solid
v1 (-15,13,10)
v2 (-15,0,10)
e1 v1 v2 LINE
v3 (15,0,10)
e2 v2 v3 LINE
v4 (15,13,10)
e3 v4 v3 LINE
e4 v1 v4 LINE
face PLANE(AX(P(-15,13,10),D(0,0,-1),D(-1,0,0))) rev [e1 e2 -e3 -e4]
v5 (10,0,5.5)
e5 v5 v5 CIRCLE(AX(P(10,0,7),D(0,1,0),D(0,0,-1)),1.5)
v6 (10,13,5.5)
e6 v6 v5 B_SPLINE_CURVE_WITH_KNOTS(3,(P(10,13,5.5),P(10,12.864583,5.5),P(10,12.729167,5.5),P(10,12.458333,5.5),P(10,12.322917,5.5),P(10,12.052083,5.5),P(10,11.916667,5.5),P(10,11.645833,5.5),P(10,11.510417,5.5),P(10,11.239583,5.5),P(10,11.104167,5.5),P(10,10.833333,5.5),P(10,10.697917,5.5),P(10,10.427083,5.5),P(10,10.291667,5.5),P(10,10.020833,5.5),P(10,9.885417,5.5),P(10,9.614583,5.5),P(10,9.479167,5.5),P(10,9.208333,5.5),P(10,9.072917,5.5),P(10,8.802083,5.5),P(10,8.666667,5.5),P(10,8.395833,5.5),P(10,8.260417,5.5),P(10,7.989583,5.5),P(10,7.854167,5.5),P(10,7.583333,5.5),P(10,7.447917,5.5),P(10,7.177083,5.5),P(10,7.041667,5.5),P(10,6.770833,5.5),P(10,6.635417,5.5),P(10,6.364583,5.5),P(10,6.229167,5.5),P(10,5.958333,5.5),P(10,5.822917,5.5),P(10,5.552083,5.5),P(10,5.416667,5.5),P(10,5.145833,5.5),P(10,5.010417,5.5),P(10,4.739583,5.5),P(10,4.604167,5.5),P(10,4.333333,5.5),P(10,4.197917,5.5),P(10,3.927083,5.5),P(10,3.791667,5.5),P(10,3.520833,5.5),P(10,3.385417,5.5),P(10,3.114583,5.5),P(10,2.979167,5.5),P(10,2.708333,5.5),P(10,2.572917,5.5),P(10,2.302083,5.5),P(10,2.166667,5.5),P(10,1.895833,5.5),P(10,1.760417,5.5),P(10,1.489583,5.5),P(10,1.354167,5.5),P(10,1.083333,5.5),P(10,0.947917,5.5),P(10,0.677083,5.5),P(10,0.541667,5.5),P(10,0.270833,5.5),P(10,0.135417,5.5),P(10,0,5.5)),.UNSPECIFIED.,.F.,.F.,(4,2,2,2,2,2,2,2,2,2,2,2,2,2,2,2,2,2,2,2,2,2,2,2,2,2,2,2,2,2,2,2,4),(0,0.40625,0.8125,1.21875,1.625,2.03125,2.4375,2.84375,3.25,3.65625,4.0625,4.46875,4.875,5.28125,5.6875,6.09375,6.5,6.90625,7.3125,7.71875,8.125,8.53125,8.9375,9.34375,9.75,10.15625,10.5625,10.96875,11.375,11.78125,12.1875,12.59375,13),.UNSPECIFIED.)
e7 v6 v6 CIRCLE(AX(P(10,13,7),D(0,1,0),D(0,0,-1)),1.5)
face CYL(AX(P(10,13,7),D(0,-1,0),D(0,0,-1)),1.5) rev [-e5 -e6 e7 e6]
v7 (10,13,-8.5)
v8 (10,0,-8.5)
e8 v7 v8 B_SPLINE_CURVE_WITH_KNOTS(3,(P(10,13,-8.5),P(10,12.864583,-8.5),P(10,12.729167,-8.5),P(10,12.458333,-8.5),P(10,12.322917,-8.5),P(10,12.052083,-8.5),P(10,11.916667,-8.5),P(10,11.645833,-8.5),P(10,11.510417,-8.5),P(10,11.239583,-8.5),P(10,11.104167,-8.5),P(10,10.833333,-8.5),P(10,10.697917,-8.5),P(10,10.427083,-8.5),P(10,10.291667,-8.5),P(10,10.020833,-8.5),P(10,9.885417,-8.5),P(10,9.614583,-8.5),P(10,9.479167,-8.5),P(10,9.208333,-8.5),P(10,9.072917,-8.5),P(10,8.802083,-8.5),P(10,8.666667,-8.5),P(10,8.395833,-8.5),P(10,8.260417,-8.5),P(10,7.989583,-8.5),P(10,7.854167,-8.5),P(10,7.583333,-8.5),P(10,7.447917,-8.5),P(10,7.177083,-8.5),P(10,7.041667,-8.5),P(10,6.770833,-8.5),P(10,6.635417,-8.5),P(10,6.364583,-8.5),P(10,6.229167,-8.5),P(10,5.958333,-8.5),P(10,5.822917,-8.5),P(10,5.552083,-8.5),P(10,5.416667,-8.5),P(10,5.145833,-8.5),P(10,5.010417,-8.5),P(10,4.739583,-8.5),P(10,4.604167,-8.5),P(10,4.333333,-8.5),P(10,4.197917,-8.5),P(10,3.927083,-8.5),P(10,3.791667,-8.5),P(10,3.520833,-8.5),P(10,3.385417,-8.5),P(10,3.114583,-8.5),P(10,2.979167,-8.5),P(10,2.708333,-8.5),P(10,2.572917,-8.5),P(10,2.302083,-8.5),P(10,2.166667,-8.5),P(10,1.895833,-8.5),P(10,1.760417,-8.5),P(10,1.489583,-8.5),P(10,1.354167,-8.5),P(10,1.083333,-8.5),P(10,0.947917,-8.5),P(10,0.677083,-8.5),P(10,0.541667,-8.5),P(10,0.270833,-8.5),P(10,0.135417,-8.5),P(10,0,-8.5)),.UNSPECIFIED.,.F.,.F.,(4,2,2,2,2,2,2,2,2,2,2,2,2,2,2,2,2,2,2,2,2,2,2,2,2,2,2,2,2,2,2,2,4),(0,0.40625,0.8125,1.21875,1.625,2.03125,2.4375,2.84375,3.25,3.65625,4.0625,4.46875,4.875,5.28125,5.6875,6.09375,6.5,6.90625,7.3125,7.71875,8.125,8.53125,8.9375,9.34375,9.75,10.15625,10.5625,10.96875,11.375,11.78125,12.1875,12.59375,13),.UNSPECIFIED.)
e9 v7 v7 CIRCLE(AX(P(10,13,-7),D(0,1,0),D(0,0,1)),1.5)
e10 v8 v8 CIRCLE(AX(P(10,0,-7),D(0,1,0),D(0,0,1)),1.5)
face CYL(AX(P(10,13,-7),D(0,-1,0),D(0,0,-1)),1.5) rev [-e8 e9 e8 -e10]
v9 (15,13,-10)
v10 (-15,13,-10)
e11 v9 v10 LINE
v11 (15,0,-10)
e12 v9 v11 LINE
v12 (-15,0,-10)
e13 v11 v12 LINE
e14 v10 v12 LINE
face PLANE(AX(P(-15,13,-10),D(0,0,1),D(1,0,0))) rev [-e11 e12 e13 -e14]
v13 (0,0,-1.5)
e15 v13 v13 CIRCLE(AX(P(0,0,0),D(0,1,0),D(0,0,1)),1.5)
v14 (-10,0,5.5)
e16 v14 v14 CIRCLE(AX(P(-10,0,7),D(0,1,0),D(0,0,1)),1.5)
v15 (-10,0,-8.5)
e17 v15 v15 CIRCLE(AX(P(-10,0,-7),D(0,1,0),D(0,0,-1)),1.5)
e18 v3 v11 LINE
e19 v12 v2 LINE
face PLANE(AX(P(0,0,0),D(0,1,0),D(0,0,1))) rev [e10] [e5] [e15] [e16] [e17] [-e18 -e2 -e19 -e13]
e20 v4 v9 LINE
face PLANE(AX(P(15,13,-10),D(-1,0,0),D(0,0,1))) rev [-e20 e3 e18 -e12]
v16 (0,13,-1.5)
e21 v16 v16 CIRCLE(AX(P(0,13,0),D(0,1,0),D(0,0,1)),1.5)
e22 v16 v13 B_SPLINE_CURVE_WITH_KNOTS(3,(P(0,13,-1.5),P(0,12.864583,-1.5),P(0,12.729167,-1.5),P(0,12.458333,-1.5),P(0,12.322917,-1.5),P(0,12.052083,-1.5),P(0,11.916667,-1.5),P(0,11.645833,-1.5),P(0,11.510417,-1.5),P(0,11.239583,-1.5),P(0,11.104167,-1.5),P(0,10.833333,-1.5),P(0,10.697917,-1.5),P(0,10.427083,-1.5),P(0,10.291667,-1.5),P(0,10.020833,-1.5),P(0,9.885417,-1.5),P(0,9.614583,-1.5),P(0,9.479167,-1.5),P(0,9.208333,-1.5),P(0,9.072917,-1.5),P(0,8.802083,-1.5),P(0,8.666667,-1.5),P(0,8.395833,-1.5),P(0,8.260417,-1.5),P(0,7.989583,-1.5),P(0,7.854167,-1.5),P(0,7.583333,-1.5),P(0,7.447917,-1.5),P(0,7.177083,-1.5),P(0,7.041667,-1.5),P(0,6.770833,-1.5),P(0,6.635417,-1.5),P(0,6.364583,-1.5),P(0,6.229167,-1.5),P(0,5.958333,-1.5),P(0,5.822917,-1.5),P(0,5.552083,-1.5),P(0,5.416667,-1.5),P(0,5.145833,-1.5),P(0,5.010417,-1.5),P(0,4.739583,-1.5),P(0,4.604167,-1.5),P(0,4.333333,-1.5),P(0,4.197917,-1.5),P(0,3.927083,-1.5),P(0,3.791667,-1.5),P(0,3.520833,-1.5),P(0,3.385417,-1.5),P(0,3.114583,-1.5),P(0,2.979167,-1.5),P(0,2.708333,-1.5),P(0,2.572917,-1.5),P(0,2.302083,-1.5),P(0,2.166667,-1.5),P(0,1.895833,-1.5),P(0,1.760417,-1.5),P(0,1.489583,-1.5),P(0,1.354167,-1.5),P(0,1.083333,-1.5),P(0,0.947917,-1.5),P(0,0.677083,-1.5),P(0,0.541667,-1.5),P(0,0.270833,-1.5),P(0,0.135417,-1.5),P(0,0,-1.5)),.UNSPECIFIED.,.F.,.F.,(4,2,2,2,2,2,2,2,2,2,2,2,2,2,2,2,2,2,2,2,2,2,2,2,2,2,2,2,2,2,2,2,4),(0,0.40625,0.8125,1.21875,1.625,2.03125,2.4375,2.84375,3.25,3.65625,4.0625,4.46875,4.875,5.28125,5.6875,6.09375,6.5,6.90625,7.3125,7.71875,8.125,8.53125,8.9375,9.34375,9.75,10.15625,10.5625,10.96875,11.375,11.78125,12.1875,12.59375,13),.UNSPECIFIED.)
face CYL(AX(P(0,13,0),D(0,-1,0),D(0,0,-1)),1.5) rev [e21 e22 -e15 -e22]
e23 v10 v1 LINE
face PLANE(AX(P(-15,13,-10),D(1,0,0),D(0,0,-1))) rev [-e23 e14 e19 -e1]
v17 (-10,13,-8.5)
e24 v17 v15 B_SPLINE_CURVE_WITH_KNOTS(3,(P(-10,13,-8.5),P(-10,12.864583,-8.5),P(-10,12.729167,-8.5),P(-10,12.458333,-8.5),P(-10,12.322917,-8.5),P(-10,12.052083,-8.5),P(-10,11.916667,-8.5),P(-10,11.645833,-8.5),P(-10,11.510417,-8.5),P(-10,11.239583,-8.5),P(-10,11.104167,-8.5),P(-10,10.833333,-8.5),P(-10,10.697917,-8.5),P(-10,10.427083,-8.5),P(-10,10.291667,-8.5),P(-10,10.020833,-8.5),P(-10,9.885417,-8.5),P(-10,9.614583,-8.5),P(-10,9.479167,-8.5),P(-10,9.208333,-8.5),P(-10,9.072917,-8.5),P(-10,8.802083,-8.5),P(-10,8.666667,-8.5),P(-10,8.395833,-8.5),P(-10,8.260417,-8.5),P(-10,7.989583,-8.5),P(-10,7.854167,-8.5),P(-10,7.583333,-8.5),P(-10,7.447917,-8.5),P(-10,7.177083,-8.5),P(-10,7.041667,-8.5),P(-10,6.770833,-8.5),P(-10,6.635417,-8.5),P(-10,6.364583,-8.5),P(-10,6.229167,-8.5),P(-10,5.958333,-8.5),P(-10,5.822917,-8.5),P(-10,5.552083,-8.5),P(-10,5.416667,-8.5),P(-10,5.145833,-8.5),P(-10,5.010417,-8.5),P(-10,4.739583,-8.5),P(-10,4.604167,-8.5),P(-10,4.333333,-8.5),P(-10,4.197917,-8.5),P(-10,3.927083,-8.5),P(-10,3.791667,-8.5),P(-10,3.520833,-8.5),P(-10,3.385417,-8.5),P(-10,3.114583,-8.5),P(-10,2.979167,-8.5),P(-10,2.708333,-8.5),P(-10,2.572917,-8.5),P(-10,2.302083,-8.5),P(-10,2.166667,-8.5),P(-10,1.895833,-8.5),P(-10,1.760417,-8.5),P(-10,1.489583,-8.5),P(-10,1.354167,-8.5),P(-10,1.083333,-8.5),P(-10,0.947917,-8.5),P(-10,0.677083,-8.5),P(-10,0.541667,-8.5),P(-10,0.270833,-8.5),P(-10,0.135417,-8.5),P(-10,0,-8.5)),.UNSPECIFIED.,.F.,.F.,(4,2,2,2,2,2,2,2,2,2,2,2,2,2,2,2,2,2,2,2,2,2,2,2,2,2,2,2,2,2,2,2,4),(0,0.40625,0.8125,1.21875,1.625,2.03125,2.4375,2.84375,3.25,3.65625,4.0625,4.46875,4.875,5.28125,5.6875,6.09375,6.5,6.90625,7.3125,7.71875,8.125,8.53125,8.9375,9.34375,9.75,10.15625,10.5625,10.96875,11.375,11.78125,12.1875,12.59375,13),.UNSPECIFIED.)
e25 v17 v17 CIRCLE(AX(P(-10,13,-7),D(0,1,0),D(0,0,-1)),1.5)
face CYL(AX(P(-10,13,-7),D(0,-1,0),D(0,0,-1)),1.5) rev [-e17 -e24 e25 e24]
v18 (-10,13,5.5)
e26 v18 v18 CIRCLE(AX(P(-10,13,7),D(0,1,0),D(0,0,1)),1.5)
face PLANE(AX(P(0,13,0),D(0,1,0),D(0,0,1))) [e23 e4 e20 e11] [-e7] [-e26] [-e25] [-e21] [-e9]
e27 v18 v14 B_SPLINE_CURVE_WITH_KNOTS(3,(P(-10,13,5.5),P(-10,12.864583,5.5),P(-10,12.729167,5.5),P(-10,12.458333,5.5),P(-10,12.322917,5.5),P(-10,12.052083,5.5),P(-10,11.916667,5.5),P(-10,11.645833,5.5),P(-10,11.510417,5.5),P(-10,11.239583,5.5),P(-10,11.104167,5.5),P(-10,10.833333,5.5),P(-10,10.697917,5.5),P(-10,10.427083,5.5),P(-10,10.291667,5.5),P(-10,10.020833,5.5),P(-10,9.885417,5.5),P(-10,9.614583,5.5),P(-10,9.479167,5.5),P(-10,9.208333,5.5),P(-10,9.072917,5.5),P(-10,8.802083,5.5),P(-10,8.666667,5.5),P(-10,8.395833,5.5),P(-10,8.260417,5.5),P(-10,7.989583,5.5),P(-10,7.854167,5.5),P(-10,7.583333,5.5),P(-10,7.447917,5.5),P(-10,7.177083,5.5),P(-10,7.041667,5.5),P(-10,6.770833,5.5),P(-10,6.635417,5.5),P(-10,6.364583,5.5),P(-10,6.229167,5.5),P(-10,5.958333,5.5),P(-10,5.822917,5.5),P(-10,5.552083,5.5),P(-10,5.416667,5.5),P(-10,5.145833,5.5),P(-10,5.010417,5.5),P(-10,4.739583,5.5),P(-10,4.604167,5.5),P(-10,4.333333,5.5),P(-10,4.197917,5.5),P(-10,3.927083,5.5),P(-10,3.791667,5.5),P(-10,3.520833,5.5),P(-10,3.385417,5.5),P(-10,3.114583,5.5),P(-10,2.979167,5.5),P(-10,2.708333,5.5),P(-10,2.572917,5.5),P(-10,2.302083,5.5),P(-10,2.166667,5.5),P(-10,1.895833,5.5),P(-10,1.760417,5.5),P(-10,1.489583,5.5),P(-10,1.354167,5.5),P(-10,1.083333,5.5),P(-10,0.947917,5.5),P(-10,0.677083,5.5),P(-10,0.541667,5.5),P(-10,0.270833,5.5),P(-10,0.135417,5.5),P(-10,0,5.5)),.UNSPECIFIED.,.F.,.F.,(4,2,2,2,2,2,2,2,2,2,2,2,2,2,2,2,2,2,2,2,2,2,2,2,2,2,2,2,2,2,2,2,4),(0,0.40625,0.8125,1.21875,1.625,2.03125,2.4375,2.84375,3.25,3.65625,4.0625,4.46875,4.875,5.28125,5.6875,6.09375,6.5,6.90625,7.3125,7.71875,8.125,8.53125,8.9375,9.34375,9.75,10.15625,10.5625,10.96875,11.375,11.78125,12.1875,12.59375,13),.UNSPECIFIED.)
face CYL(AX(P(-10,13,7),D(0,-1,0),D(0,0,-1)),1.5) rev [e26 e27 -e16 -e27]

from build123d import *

# Parameters (mm, degrees)
SKETCH_1_W      = 30
SKETCH_1_H      = 20
SKETCH_1_R      = 1.5
EXTRUDE_1_DEPTH = 13


with BuildPart() as part:
    # 草图1 → 凸台-拉伸1 (new body)
    with BuildSketch(Plane(origin=(0, 0, 0), x_dir=(1, 0, 0), z_dir=(0, 1, 0))):
        Rectangle(SKETCH_1_W, SKETCH_1_H)
        with Locations(Location((-10, -7, 0), (0, 0, 90))):
            Circle(SKETCH_1_R, mode=Mode.SUBTRACT)
        with Locations(Location((10, -7, 0), (0, 0, 90))):
            Circle(SKETCH_1_R, mode=Mode.SUBTRACT)
        with Locations(Location((10, 7, 0), (0, 0, 90))):
            Circle(SKETCH_1_R, mode=Mode.SUBTRACT)
        with Locations(Location((-10, 7, 0), (0, 0, 90))):
            Circle(SKETCH_1_R, mode=Mode.SUBTRACT)
        with Locations(Location((0, 0, 0), (0, 0, 90))):
            Circle(SKETCH_1_R, mode=Mode.SUBTRACT)
    extrude(amount=EXTRUDE_1_DEPTH)


solid = part.part
